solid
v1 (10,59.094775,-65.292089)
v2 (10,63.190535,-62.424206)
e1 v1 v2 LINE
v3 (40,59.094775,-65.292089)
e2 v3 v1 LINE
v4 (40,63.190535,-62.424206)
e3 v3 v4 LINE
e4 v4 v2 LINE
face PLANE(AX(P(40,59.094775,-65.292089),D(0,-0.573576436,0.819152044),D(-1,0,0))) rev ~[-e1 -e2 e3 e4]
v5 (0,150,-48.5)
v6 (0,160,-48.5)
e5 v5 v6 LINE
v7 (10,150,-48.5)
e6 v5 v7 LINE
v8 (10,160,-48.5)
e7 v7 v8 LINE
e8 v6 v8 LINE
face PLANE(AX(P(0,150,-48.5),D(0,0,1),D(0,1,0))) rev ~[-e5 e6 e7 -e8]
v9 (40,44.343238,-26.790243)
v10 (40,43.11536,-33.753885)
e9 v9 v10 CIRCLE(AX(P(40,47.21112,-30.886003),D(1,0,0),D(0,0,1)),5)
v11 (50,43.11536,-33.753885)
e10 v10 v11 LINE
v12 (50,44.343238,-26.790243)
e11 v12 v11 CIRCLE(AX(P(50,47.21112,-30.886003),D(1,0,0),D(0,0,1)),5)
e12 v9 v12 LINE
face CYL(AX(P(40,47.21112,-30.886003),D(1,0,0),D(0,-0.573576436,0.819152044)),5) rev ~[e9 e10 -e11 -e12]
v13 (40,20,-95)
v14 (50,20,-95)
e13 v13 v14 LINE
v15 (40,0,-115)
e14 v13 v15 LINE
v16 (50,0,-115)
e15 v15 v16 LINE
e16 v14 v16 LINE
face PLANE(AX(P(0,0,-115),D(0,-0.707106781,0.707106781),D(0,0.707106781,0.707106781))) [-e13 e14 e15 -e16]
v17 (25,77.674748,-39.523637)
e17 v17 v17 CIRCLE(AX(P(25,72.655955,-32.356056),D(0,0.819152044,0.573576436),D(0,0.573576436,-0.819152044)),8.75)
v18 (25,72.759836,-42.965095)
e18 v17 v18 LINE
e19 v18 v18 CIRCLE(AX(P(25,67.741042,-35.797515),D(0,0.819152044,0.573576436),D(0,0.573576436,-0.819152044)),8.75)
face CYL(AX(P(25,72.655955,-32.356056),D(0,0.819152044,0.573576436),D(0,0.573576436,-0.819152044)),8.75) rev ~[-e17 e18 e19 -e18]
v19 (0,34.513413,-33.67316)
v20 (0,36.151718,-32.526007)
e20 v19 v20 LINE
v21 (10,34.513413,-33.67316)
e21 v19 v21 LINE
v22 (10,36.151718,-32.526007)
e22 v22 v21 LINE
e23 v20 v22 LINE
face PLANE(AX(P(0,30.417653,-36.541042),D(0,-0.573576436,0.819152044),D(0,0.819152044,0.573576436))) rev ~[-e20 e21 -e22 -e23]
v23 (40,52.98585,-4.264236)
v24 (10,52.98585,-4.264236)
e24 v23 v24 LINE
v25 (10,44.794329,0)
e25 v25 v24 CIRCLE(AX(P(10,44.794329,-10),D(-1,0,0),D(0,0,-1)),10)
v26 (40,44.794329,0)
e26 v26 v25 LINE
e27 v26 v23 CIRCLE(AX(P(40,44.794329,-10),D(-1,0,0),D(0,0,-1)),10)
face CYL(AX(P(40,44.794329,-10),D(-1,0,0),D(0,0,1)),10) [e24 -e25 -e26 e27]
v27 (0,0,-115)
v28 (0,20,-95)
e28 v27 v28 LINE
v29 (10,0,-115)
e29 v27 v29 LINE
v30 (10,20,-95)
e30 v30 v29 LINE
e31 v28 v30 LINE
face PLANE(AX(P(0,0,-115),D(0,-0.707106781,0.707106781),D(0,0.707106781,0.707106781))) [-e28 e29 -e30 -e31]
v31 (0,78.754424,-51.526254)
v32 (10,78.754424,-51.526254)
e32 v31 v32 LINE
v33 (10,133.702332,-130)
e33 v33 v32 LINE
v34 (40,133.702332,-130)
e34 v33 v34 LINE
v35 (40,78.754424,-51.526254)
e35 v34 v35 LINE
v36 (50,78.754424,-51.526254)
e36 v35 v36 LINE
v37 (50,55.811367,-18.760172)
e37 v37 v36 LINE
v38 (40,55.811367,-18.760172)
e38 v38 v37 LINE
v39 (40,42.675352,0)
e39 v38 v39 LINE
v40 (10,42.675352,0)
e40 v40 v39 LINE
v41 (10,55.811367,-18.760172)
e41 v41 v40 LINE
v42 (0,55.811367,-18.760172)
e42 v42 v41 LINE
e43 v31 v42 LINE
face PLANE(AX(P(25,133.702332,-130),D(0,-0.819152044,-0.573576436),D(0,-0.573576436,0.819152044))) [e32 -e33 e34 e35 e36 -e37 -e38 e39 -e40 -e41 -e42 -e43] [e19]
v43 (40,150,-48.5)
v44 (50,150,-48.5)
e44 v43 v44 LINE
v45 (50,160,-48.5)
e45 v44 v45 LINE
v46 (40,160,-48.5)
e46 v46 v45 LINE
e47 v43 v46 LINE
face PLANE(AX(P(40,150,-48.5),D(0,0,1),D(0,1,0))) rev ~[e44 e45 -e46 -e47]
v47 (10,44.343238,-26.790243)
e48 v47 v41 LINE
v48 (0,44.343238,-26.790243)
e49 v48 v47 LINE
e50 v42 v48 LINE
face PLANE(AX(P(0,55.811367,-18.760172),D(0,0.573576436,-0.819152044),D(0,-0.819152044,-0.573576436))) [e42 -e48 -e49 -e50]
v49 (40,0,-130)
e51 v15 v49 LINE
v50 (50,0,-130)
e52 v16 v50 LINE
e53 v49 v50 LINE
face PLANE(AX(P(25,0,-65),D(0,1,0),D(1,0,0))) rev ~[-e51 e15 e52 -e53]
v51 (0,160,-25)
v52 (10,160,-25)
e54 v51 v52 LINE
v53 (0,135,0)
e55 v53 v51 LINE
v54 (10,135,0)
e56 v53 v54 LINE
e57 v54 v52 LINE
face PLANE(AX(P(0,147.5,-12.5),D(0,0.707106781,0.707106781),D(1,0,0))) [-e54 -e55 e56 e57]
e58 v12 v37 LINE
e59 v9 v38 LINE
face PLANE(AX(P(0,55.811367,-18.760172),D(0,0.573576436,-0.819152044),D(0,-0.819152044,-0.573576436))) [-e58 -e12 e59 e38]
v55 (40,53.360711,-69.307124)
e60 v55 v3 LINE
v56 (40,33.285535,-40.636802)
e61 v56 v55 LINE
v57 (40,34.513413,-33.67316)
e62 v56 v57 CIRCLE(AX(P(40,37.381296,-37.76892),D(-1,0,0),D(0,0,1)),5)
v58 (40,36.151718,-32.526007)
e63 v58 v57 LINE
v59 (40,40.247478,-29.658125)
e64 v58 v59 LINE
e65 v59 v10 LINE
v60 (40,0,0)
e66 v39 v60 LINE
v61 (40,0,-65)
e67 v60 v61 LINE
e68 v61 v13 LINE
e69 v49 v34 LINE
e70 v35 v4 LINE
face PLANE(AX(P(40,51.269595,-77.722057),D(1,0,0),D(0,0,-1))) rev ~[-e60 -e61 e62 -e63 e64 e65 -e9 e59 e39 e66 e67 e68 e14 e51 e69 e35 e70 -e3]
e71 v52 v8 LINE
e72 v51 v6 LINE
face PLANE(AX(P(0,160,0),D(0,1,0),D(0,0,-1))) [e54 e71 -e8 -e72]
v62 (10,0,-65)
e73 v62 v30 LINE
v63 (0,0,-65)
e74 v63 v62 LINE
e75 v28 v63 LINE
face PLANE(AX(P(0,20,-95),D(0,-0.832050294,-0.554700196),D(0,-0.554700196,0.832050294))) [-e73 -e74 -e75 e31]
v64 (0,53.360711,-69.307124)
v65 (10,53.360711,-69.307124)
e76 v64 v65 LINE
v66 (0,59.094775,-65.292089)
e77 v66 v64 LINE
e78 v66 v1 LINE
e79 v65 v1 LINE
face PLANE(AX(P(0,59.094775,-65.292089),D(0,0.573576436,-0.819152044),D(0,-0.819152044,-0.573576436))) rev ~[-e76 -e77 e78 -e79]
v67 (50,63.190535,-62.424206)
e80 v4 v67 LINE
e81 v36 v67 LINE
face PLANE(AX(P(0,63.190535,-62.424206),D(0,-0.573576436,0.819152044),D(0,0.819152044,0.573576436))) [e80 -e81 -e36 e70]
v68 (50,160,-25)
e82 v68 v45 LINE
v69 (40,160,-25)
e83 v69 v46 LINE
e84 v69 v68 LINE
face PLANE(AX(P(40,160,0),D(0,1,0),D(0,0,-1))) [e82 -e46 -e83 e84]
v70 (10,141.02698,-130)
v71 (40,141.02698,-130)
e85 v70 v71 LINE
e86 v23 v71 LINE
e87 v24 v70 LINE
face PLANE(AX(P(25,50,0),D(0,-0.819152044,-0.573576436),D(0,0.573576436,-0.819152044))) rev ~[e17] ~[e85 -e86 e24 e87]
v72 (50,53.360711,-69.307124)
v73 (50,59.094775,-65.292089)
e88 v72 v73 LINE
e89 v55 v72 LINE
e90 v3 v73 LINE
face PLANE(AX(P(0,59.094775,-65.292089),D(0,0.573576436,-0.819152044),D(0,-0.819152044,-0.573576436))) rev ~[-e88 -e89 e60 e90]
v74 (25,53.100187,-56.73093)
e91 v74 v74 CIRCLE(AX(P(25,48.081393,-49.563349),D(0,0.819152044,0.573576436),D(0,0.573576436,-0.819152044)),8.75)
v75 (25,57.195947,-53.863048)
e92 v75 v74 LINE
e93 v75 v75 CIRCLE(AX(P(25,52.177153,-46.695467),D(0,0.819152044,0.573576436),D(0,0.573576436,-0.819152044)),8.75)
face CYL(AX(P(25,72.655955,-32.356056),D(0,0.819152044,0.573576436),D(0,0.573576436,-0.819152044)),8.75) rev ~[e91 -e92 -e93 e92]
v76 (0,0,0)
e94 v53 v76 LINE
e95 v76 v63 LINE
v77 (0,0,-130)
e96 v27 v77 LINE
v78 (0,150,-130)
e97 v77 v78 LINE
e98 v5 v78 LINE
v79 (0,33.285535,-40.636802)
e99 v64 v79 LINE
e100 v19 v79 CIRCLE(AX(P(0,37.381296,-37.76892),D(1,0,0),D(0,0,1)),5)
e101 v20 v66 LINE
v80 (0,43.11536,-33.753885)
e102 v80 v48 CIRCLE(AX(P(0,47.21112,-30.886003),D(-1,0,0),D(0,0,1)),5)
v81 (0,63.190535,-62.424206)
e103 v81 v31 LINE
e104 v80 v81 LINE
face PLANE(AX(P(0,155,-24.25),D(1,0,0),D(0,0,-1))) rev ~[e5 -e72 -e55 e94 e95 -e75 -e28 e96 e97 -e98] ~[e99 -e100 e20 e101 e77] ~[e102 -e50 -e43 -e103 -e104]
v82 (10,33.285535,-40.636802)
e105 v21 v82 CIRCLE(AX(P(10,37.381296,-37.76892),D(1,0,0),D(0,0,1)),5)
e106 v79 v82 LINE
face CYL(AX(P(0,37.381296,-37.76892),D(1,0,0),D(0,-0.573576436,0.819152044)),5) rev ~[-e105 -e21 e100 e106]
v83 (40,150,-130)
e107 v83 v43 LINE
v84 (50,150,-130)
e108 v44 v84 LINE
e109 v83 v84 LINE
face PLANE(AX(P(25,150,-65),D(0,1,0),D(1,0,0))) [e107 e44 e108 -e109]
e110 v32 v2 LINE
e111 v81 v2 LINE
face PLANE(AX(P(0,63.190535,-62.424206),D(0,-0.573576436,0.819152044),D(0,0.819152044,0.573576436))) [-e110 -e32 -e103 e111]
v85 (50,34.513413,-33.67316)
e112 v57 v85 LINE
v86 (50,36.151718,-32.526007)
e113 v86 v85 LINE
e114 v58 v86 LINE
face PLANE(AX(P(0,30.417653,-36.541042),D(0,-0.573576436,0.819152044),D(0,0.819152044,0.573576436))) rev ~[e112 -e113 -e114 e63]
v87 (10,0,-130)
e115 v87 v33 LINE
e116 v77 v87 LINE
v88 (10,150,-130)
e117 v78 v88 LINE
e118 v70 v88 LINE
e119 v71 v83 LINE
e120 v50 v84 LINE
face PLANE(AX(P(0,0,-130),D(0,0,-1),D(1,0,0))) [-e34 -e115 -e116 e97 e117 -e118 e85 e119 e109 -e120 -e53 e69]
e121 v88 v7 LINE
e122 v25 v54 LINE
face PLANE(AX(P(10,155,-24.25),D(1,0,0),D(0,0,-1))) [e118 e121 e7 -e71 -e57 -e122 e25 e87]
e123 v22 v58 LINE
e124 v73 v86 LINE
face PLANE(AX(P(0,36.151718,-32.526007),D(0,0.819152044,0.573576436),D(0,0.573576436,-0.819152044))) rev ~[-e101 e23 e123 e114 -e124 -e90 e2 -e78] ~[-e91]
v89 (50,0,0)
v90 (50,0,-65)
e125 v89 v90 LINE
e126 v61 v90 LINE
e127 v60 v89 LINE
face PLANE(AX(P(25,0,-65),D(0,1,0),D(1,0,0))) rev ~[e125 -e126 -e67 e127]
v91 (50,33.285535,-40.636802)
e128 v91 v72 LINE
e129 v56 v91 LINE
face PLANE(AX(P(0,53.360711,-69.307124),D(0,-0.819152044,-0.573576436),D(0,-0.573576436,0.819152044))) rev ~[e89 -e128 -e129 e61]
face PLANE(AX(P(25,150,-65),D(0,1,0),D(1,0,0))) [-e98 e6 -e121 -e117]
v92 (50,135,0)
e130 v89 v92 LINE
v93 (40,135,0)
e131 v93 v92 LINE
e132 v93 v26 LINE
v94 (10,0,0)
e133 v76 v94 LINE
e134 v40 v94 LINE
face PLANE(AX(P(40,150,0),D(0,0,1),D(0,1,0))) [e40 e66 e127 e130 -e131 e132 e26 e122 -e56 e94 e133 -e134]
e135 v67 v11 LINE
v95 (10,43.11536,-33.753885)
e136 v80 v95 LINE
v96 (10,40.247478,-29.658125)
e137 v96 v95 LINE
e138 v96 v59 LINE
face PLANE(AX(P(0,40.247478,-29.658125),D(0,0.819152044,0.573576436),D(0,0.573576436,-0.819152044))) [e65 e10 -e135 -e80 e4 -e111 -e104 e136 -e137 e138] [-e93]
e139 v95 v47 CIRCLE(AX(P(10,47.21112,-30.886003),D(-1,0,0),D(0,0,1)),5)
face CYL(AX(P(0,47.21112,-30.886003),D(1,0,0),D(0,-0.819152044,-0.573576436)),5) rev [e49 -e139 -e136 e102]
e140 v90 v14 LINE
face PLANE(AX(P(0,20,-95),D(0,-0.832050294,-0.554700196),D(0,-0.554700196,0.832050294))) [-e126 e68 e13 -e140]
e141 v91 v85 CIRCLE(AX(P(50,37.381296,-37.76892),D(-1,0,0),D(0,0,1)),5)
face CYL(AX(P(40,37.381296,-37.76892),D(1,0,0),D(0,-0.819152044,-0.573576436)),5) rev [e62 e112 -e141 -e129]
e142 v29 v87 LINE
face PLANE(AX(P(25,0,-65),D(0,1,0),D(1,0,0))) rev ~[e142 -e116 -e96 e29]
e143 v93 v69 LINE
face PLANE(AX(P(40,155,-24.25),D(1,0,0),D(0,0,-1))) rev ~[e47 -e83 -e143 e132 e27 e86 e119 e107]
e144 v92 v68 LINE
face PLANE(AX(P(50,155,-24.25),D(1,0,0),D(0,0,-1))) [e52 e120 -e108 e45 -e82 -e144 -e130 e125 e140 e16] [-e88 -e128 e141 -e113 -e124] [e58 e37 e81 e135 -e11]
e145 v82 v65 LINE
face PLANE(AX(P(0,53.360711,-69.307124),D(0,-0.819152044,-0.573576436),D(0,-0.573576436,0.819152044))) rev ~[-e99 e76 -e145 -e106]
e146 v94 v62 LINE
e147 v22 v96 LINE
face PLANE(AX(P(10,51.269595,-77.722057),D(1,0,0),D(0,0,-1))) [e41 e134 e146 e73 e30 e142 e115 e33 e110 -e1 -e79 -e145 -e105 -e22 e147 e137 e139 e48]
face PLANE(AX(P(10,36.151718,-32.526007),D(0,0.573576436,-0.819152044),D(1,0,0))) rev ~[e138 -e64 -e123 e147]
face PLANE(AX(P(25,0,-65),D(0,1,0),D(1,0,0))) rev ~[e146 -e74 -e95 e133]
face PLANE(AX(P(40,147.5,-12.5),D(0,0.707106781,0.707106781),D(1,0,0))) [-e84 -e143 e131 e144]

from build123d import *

# Parameters (mm, degrees)
SKETCH5_W           = 50.00000000000001
SKETCH5_H           = 130
BOSS_EXTRUDE1_DEPTH = 150
CUT_EXTRUDE1_START  = -25
CUT_EXTRUDE1_DEPTH  = 15
BOSS_EXTRUDE3_START = 30
BOSS_EXTRUDE3_DEPTH = 5
SKETCH10_R          = 8.750000000000018
CUT_EXTRUDE3_DEPTH  = 100
SKETCH18_W          = 48.5
SKETCH18_H          = 10
BOSS_EXTRUDE4_DEPTH = 10
BOSS_EXTRUDE5_START = 40
SKETCH18_2_W        = 48.5
SKETCH18_2_H        = 10
BOSS_EXTRUDE5_DEPTH = 10
CHAMFER1_SIZE       = 25
CUT_EXTRUDE5_DEPTH  = 70
FILLET1_R           = 5
CUT_EXTRUDE6_DEPTH  = 70
FILLET2_R           = 10


with BuildPart() as part:
    # Sketch5 → Boss-Extrude1 (new body)
    with BuildSketch(Plane(origin=(0, 0, 0), x_dir=(1, 0, 0), z_dir=(0, 1, 0))):
        with Locations((25.000000000000004, 65)):
            Rectangle(SKETCH5_W, SKETCH5_H)
    extrude(amount=BOSS_EXTRUDE1_DEPTH)

    # Sketch7 → Cut-Extrude1 (cut, symmetric)
    with BuildSketch(Plane(origin=(50, 0, 0), x_dir=(0, 0, -1), z_dir=(1, 0, 0)).offset(CUT_EXTRUDE1_START)):
        Polygon((0, 50), (129.99999999999997, 141.02697996726184), (130, 150), (0, 150), align=None)
        Polygon((130, 0), (130, 133.70233243469318), (0, 42.67535246743131), (0, 0), align=None)
    extrude(amount=CUT_EXTRUDE1_DEPTH, both=True, mode=Mode.SUBTRACT)

    # Sketch17 → Boss-Extrude3 (add)
    with BuildSketch(Plane(origin=(1.261e-14, 275.41205482615817, -321.9217767956235), x_dir=(1, 0, 0), z_dir=(0, -0.819152044288993, -0.5735764363510444)).offset(BOSS_EXTRUDE3_START)):
        Polygon((9.99999999999999, 374.2932281420449), (39.999999999999986, 374.2932281420449), (39.999999999999986, 334.2932281420449), (9.999999999999993, 334.2932281420449), align=None)
    extrude(amount=-BOSS_EXTRUDE3_DEPTH)

    # Sketch10 → Cut-Extrude3 (cut)
    with BuildSketch(Plane(origin=(0, 33.55050358314182, 23.492315519647676), x_dir=(1, 0, 0), z_dir=(0, 0.819152044288993, 0.5735764363510444))):
        with Locations((25, 68.17827312728308)):
            Circle(SKETCH10_R)
    extrude(amount=-CUT_EXTRUDE3_DEPTH, mode=Mode.SUBTRACT)

    # Sketch18 → Boss-Extrude4 (add)
    with BuildSketch(Plane(origin=(0, 0, 0), x_dir=(0, 0, -1), z_dir=(1, 0, 0))):
        with Locations((24.25, 155)):
            Rectangle(SKETCH18_W, SKETCH18_H)
    extrude(amount=BOSS_EXTRUDE4_DEPTH)

    # Sketch18<2> → Boss-Extrude5 (add)
    with BuildSketch(Plane(origin=(0, 0, 0), x_dir=(0, 0, -1), z_dir=(1, 0, 0)).offset(BOSS_EXTRUDE5_START)):
        with Locations((24.25, 155)):
            Rectangle(SKETCH18_2_W, SKETCH18_2_H)
    extrude(amount=BOSS_EXTRUDE5_DEPTH)

    # Chamfer1
    chamfer1_edges = [part.edges().sort_by_distance(p)[0] for p in [
        (5, 160, 0),
        (45, 160, 0),
    ]]
    chamfer(chamfer1_edges, length=CHAMFER1_SIZE)

    # Sketch21 → Cut-Extrude5 (cut)
    with BuildSketch(Plane(origin=(0, 0, 0), x_dir=(0, 0, -1), z_dir=(1, 0, 0))):
        Polygon((29.65812470831714, 40.2474777708908), (62.424206479876844, 63.19053522493257), (51.526254189207016, 78.75442406642354), (18.76017241764731, 55.81136661238177), align=None)
        Polygon((69.30712371608935, 53.36071069346464), (65.29208866163206, 59.0947750034876), (32.52600689007236, 36.15171754944583), (36.54104194452965, 30.417653239422872), align=None)
    extrude(amount=CUT_EXTRUDE5_DEPTH, mode=Mode.SUBTRACT)

    # Fillet1
    fillet1_edges = [part.edges().sort_by_distance(p)[0] for p in [
        (5, 30.417653239422872, -36.54104194452965),
        (45, 30.417653239422872, -36.54104194452965),
        (5.000000000000001, 40.2474777708908, -29.65812470831714),
        (45, 40.2474777708908, -29.65812470831714),
    ]]
    fillet(fillet1_edges, radius=FILLET1_R)

    # Sketch22 → Cut-Extrude6 (cut)
    with BuildSketch(Plane.ZY):
        Polygon((-115, 0), (-95, 20), (-65, 0), align=None)
    extrude(amount=-CUT_EXTRUDE6_DEPTH, mode=Mode.SUBTRACT)

    # Fillet2
    fillet2_edges = [part.edges().sort_by_distance(p)[0] for p in [
        (25, 50, 0),
    ]]
    fillet(fillet2_edges, radius=FILLET2_R)


solid = part.part
